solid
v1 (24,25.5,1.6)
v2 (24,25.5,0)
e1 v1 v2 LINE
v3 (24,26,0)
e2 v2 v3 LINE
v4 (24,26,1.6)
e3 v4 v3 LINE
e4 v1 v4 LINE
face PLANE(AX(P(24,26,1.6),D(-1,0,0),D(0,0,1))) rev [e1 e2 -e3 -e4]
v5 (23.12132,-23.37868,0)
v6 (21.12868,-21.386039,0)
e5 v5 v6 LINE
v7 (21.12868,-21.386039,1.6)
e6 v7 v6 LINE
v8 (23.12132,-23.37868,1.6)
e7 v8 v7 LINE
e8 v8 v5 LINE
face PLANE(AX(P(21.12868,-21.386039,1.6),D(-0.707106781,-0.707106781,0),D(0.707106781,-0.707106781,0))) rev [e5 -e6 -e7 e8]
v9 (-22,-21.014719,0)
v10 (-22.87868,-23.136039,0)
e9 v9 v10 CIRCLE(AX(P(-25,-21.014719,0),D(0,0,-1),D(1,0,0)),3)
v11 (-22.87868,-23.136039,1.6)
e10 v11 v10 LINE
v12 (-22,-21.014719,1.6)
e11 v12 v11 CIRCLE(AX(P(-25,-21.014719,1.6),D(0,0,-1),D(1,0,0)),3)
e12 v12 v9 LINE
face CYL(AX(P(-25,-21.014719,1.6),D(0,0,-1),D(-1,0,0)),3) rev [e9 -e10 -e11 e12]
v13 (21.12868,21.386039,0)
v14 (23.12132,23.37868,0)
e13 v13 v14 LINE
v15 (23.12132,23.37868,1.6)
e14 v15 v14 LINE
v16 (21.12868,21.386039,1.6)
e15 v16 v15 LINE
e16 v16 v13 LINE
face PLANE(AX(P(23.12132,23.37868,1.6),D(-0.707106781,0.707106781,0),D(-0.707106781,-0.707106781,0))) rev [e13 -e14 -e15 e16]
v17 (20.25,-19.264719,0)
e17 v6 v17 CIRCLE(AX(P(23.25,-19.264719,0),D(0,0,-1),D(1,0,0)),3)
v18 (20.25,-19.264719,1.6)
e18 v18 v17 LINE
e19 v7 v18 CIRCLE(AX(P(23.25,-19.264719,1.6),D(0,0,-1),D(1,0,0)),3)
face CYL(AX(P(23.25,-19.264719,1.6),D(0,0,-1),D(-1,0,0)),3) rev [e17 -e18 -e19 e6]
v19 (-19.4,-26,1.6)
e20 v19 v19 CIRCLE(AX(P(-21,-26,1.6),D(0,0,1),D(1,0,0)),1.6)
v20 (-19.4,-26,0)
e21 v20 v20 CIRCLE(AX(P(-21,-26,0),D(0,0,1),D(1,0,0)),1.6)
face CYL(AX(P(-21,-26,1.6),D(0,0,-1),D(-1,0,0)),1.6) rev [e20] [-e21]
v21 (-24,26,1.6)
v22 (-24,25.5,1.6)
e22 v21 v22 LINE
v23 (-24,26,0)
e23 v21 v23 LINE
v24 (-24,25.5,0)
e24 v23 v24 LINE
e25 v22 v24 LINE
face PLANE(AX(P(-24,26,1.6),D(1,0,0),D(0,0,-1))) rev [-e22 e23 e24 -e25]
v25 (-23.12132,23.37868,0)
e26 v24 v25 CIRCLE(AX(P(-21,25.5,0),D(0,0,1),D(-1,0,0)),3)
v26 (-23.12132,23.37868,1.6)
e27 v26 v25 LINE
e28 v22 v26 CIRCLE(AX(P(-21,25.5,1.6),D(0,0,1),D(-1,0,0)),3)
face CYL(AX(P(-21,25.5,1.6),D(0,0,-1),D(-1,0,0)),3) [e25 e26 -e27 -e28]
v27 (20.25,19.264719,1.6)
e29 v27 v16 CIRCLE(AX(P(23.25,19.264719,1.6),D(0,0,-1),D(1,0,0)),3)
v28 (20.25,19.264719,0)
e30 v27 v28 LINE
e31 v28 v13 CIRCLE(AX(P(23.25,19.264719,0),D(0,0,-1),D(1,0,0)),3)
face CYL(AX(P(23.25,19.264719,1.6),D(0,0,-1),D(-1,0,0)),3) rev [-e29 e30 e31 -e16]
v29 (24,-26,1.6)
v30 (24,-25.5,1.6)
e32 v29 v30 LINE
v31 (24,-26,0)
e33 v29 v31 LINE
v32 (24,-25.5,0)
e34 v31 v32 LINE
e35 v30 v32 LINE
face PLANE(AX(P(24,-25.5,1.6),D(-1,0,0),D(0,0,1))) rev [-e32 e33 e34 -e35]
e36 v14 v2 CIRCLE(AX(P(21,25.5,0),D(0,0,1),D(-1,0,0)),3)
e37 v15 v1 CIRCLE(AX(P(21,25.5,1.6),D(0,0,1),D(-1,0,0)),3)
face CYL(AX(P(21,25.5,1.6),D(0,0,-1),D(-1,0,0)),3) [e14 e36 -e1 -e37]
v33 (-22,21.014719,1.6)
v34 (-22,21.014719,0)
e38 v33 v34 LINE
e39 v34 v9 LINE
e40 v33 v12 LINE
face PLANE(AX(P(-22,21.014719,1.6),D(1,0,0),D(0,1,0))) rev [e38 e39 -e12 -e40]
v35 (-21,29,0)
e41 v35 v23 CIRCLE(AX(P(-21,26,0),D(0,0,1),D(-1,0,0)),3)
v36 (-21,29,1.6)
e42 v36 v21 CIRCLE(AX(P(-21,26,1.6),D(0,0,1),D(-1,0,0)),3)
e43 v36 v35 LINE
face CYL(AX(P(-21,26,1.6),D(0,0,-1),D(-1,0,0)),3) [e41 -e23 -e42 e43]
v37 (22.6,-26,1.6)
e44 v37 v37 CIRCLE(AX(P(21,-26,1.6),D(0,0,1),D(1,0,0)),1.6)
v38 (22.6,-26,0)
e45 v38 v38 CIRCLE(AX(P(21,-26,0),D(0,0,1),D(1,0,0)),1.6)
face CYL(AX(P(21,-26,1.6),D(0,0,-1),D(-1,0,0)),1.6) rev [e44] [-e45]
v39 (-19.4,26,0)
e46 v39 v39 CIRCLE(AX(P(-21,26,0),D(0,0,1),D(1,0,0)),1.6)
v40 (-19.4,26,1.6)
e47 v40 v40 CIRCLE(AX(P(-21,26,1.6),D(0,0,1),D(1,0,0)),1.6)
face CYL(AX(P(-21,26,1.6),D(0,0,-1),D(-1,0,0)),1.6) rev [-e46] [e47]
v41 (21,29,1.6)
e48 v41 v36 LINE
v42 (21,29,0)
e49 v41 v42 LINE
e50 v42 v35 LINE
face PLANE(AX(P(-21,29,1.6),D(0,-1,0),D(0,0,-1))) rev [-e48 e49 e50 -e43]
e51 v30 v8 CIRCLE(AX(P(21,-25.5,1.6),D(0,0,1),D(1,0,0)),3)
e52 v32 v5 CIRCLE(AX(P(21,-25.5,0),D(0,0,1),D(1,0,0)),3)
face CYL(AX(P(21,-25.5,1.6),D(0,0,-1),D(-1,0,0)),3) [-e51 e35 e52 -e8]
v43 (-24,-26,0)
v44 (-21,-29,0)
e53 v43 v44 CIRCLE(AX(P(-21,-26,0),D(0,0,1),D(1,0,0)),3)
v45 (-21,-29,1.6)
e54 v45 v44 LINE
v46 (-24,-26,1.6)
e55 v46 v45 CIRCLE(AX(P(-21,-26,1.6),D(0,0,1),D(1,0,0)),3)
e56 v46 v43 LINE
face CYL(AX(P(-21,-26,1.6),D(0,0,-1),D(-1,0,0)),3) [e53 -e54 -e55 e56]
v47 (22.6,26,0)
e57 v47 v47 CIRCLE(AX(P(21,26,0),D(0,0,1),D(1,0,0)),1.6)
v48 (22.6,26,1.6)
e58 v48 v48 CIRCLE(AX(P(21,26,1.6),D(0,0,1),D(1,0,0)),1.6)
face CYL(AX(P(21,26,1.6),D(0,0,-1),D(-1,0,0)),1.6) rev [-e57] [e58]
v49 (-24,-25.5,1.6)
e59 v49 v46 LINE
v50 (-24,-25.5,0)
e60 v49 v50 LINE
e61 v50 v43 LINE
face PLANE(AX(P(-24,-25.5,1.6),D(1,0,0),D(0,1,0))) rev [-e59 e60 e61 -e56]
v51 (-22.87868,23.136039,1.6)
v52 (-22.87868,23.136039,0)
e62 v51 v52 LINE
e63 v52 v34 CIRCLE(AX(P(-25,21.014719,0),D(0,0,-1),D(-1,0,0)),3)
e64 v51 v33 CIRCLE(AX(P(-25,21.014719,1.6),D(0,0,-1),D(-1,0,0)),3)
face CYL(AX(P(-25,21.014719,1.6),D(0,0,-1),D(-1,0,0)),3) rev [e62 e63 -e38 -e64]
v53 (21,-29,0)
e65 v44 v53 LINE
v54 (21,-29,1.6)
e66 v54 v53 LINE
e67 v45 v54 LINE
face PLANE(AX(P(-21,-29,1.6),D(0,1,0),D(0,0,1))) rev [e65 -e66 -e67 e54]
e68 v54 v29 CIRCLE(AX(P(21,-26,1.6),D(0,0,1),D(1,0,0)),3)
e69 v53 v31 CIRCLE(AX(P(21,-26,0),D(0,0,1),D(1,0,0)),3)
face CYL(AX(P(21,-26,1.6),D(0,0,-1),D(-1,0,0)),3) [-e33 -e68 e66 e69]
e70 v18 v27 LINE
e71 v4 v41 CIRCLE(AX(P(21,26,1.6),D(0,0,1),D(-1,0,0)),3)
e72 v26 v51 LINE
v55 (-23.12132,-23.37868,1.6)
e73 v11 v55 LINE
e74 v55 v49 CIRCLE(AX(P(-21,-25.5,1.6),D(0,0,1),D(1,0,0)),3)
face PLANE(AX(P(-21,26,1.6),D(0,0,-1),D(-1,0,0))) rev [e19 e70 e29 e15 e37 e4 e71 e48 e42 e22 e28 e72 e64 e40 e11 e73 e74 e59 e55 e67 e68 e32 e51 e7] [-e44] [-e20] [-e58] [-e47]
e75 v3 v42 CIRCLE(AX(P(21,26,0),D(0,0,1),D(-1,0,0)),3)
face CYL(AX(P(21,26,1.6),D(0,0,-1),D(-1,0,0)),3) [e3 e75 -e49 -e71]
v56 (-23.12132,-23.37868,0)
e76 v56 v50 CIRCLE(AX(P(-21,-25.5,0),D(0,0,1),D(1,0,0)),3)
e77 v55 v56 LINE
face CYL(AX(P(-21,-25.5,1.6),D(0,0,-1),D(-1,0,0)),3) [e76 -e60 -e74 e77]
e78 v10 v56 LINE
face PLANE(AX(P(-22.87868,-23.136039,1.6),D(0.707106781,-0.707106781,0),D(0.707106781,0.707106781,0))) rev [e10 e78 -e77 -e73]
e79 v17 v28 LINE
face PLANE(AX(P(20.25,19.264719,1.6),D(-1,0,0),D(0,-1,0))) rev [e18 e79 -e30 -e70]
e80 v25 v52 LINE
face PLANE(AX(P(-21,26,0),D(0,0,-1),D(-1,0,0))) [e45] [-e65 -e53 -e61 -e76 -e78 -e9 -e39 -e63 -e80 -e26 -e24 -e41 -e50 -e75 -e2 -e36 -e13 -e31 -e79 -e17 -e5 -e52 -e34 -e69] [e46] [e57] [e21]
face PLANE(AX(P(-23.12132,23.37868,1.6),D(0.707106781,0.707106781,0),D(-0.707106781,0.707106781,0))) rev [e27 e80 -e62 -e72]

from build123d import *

# Parameters (mm, degrees)
SKETCH1_R           = 1.6
BOSS_EXTRUDE1_DEPTH = 1.6


with BuildPart() as part:
    # Sketch1 → Boss-Extrude1 (new body)
    with BuildSketch(Plane.XY):
        with BuildLine():
            Line((23.121320344, 23.378679656), (21.128679656, 21.386038969))
            ThreePointArc((21.128679656, 21.386038969), (20.478361402, 20.412768923), (20.25, 19.264718626))
            Line((20.25, 19.264718626), (20.25, -19.264718626))
            ThreePointArc((20.25, -19.264718626), (20.478361402, -20.412768923), (21.128679656, -21.386038969))
            Line((21.128679656, -21.386038969), (23.121320344, -23.378679656))
            ThreePointArc((23.121320344, -23.378679656), (23.771638598, -24.351949703), (24, -25.5))
            Line((24, -25.5), (24, -26))
            ThreePointArc((24, -26), (23.121320344, -28.121320344), (21, -29))
            Line((21, -29), (-21, -29))
            ThreePointArc((-21, -29), (-23.121320344, -28.121320344), (-24, -26))
            Line((-24, -26), (-24, -25.5))
            ThreePointArc((-24, -25.5), (-23.771638598, -24.351949703), (-23.121320344, -23.378679656))
            Line((-23.121320344, -23.378679656), (-22.878679656, -23.136038969))
            ThreePointArc((-22.878679656, -23.136038969), (-22.228361402, -22.162768923), (-22, -21.014718626))
            Line((-22, -21.014718626), (-22, 21.014718626))
            ThreePointArc((-22, 21.014718626), (-22.228361402, 22.162768923), (-22.878679656, 23.136038969))
            Line((-22.878679656, 23.136038969), (-23.121320344, 23.378679656))
            ThreePointArc((-23.121320344, 23.378679656), (-23.771638598, 24.351949703), (-24, 25.5))
            Line((-24, 25.5), (-24, 26))
            ThreePointArc((-24, 26), (-23.121320344, 28.121320344), (-21, 29))
            Line((-21, 29), (21, 29))
            ThreePointArc((21, 29), (23.121320344, 28.121320344), (24, 26))
            Line((24, 26), (24, 25.5))
            ThreePointArc((24, 25.5), (23.771638598, 24.351949703), (23.121320344, 23.378679656))
        make_face()
        with Locations((-21, 26)):
            Circle(SKETCH1_R, mode=Mode.SUBTRACT)
        with Locations((21, 26)):
            Circle(SKETCH1_R, mode=Mode.SUBTRACT)
        with Locations((21, -26)):
            Circle(SKETCH1_R, mode=Mode.SUBTRACT)
        with Locations((-21, -26)):
            Circle(SKETCH1_R, mode=Mode.SUBTRACT)
    extrude(amount=BOSS_EXTRUDE1_DEPTH)


solid = part.part
